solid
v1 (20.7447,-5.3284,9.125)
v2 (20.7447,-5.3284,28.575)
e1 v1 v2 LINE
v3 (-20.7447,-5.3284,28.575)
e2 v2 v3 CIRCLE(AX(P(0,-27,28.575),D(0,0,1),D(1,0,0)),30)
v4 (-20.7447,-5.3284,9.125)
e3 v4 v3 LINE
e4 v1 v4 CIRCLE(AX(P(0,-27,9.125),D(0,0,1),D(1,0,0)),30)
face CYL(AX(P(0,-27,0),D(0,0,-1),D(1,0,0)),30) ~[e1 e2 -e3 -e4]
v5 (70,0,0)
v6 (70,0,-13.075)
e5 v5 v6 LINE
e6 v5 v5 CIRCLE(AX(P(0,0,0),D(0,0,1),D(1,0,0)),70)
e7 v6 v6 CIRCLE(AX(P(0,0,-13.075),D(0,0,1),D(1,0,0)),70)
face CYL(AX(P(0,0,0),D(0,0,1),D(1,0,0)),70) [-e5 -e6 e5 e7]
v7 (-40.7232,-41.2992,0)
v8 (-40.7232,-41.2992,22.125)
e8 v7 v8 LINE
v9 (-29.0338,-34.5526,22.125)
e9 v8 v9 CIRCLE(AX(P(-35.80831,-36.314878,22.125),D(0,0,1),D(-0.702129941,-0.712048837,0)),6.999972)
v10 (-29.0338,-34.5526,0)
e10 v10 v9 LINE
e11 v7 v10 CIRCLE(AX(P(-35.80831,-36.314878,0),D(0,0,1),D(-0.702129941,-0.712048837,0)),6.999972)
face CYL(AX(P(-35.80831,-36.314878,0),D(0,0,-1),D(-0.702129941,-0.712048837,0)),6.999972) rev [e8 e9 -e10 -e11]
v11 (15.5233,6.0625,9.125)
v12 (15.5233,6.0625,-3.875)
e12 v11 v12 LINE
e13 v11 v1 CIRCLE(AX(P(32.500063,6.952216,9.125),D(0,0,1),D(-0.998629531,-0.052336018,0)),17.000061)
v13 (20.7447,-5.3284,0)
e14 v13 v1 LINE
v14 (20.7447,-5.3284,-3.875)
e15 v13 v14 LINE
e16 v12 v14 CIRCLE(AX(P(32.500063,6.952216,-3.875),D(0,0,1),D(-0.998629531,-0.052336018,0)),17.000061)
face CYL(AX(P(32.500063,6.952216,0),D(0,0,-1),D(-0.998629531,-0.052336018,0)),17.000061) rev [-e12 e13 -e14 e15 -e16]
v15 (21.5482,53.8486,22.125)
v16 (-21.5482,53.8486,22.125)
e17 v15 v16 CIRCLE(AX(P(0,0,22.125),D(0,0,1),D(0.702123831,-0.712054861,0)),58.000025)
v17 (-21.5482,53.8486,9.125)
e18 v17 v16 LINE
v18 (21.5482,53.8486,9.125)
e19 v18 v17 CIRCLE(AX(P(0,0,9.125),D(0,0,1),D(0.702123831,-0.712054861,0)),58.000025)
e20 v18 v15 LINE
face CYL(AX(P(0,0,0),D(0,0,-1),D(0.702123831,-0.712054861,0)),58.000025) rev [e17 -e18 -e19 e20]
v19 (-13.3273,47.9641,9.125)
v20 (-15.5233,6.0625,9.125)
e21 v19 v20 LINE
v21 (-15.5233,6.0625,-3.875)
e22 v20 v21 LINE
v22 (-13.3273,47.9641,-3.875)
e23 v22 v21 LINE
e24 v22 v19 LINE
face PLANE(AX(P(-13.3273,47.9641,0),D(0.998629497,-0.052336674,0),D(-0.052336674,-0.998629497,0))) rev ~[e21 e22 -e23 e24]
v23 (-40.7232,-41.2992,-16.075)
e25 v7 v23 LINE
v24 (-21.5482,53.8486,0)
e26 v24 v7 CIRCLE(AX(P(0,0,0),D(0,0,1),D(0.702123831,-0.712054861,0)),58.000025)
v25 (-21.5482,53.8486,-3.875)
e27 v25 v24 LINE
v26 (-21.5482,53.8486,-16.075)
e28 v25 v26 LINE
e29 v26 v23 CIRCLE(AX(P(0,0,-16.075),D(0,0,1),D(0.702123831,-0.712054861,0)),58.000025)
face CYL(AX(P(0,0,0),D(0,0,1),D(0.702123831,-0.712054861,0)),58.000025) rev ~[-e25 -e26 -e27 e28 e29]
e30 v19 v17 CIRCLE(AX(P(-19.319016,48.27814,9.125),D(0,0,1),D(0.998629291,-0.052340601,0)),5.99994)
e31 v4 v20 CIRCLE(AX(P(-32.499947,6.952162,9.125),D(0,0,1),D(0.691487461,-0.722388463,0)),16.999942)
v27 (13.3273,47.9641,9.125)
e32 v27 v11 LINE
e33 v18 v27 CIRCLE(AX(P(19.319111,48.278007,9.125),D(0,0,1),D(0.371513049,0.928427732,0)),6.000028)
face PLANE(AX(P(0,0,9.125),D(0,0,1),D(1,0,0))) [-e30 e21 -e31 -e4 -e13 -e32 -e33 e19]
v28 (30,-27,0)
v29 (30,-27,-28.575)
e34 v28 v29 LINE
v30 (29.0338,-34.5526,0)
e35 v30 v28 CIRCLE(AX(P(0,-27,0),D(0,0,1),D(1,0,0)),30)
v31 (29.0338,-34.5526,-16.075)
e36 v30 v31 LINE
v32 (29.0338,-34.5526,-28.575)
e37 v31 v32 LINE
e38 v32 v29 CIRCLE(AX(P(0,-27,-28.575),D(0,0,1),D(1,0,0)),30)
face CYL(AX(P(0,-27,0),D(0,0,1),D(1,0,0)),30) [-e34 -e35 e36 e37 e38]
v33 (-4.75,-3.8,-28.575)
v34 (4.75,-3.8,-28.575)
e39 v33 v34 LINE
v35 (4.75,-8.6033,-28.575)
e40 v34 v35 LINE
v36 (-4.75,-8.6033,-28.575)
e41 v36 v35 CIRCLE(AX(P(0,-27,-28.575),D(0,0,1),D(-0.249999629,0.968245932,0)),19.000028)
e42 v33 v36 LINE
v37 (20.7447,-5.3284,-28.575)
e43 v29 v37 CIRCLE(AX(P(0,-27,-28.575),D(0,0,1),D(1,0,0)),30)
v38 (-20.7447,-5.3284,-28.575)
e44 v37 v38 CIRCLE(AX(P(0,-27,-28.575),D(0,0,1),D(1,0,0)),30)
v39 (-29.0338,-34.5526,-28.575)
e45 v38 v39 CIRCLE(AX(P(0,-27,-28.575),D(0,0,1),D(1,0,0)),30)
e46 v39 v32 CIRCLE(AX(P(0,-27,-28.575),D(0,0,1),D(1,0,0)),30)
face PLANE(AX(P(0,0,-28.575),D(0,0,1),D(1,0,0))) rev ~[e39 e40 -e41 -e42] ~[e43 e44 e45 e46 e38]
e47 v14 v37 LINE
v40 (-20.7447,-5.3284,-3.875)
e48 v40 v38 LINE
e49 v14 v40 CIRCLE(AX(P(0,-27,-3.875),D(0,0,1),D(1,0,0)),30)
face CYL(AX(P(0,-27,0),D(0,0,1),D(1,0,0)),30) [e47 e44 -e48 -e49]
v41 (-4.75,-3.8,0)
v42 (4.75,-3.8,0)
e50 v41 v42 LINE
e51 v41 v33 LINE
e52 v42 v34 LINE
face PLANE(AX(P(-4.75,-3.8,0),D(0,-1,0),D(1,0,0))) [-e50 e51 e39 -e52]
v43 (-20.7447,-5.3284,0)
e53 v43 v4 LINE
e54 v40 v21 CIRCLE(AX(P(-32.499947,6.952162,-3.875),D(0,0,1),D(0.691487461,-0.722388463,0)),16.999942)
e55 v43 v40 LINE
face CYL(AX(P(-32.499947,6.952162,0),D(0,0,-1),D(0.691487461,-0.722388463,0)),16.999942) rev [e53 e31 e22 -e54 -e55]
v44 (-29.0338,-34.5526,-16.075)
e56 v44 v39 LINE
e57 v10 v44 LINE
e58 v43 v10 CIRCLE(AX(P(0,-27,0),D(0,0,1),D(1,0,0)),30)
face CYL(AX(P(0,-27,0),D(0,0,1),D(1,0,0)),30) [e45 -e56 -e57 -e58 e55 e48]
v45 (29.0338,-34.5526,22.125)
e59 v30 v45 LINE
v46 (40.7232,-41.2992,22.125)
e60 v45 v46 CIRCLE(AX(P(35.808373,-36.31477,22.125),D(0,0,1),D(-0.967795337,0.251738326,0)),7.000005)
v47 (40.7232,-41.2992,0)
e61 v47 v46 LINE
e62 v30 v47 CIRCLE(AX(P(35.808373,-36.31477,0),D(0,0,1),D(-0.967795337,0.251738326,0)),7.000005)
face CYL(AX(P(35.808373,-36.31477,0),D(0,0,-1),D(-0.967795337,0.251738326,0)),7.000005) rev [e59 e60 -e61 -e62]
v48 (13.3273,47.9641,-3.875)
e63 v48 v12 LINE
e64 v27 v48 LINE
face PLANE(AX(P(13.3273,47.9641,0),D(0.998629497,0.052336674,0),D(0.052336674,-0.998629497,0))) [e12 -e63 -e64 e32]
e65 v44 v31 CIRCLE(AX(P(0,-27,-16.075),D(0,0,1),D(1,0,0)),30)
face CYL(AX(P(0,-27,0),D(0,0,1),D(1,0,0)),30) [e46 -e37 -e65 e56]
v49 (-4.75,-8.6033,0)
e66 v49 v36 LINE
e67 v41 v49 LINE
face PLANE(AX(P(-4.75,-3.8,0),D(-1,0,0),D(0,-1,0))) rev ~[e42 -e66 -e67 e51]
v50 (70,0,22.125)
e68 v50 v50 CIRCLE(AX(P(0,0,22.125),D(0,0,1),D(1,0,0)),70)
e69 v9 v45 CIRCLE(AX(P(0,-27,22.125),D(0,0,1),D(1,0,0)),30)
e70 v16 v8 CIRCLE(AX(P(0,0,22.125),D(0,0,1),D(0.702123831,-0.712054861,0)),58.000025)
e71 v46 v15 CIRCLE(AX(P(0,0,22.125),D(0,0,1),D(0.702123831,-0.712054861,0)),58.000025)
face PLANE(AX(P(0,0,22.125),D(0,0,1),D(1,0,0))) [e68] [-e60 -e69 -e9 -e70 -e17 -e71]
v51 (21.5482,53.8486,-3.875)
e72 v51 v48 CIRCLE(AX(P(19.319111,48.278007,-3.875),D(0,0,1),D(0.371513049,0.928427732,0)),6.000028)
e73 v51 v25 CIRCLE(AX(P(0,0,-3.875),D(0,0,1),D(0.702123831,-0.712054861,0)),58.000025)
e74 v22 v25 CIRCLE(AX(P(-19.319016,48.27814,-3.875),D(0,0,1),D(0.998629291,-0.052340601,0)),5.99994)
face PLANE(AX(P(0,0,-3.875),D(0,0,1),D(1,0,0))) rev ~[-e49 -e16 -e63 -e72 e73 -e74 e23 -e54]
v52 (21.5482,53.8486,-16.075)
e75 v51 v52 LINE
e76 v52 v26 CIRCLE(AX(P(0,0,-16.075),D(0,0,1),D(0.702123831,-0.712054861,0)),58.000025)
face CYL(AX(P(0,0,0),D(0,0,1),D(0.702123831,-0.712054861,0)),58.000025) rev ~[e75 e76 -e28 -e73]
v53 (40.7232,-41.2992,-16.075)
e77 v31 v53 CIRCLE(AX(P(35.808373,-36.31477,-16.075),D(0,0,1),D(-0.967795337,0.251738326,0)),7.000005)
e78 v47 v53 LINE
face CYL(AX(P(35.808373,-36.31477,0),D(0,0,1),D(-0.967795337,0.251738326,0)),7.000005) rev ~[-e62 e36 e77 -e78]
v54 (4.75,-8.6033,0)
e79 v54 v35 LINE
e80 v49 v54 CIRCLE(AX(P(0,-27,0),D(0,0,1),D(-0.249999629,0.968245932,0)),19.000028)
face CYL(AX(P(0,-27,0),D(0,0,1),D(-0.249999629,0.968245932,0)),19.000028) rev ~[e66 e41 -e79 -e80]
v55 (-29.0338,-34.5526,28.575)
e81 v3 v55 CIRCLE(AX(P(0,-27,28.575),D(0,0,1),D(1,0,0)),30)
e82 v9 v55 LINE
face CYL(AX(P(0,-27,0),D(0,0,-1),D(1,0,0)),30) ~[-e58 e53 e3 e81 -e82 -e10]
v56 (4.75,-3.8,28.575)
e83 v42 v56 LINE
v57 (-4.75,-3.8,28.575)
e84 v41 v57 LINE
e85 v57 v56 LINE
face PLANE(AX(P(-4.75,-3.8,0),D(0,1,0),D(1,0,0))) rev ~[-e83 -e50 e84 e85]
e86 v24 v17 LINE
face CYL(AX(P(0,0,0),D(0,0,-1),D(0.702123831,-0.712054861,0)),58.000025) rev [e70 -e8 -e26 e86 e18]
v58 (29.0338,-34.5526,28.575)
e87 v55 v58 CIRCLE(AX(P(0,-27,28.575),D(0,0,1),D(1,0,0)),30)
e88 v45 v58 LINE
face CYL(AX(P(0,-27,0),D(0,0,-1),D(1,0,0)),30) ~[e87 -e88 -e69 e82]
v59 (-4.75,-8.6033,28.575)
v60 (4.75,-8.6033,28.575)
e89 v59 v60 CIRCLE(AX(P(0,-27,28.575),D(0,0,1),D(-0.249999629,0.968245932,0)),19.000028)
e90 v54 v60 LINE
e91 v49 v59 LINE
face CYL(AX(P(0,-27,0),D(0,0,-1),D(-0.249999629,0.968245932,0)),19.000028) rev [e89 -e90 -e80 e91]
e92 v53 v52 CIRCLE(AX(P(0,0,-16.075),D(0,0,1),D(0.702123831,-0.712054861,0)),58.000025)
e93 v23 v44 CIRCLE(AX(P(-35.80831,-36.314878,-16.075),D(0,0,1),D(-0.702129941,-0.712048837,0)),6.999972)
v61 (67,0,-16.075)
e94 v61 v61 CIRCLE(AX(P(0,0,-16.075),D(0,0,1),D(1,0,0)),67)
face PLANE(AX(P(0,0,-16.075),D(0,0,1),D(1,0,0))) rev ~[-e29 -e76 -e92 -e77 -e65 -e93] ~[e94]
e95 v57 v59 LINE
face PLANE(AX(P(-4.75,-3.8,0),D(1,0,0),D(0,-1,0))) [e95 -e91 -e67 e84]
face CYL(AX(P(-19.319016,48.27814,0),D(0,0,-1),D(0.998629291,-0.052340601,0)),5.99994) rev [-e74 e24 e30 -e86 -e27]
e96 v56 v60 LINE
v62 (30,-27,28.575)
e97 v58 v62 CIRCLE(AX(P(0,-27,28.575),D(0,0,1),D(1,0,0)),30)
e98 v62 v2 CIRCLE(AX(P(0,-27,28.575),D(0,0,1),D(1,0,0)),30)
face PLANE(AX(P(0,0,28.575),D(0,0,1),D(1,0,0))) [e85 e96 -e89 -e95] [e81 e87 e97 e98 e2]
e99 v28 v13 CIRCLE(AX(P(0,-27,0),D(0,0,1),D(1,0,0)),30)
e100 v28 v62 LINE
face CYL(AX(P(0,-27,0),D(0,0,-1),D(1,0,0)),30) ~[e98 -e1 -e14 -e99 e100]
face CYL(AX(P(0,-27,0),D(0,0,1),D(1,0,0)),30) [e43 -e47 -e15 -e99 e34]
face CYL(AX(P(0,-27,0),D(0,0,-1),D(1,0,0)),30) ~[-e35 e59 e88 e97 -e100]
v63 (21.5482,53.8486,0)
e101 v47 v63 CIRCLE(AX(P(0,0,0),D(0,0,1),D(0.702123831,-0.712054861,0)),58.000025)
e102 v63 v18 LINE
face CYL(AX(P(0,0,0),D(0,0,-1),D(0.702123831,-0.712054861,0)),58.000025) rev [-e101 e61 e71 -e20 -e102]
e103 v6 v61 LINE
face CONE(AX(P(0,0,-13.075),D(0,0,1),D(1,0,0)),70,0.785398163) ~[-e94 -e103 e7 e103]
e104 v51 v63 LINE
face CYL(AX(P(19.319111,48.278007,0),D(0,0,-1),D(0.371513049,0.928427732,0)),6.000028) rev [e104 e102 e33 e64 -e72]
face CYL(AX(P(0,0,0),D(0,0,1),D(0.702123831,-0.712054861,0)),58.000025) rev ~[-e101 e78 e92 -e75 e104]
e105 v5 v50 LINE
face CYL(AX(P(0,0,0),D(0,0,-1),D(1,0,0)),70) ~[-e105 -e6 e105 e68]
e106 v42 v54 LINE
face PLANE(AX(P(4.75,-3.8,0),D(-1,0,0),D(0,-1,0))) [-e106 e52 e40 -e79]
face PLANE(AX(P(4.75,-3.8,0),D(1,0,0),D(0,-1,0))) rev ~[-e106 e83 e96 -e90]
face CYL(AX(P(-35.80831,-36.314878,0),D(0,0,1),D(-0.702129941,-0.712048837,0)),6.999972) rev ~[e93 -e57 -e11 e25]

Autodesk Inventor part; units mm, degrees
ref_plane "YZ Plane" through (0, 0, 0) normal (1, 0, 0) x (0, 1, 0)
ref_plane "XY Plane" through (0, 0, 0) normal (0, 0, 1) x (1, 0, 0)
sketch "Sketch1" plane through (0, 0, 0) normal (0, 0, 1) x (1, 0, 0)
  circle A0 centre (0, 0) radius 70
  arc A1 (40.7232, -41.2992) -> (-40.7232, -41.2992) centre (0, 0) ccw
  arc A2 (-4.75, -8.6033) -> (4.75, -8.6033) centre (0, -27) ccw
  circle A3 centre (0, -27) radius 30
  arc A4 (29.0338, -34.5526) -> (40.7232, -41.2992) centre (35.8083, -36.3148) ccw
  arc A5 (-40.7232, -41.2992) -> (-29.0338, -34.5526) centre (-35.8083, -36.3148) ccw
  line L0 (0, -46) -> (0, -3.8) construction
  line L1 (-4.75, -3.8) -> (4.75, -3.8)
  line L2 (-4.75, -3.8) -> (-4.75, -8.6033)
  line L3 (4.75, -3.8) -> (4.75, -8.6033)
  line L4 (-19, 54.7996) -> (19, 54.7996) construction
  line L5 (-32.5, 20.2582) -> (32.5, 20.2582) construction
  line L6 (0, -98) -> (0, 98) construction
  arc A6 (15.5233, 6.0625) -> (20.7447, -5.3284) centre (32.5, 6.9522) ccw
  arc A7 (21.5482, 53.8486) -> (13.3273, 47.9641) centre (19.3191, 48.2781) ccw
  line L7 (13.3273, 47.9641) -> (15.5233, 6.0625)
  arc A8 (-13.3273, 47.9641) -> (-21.5482, 53.8486) centre (-19.3191, 48.2781) ccw
  arc A9 (-20.7447, -5.3284) -> (-15.5233, 6.0625) centre (-32.5, 6.9522) ccw
  line L8 (-13.3273, 47.9641) -> (-15.5233, 6.0625)
  point P0 (0, -3.8)
  point P1 (0, 20.2582)
  dimension "d0" = 70
  dimension "d1" = 58
  dimension "d2" = 19
  dimension "d3" = 30
  dimension "d4" = 27
  dimension "d5" = 42.2
  dimension "d6" = 9.5
  dimension "d7" = 38
  dimension "d8" = 65
  dimension "d13" = 7
  dimension "d14" = 7
  dimension "d15" = 3.8
  dimension "d16" = 17
  dimension "d17" = 6
  dimension "d18" = 3
  dimension "d19" = 6
  dimension "d20" = 17
  dimension "d21" = 3
extrude "Extrusion1" add sketch "Sketch1" along normal mid plane 57.15 contours A3
ref_plane "Work Plane1" through (0, 3, 0) normal (0, 1, 0) x (-1, 0, 0)
sketch "Sketch2" plane through (0, 3, 0) normal (0, 1, 0) x (-1, 0, 0)
  line L0 (30, -28.575) -> (-30, -28.575) projected
  line L1 (-30, 28.575) -> (30, 28.575) projected
  line L2 (0, 28.575) -> (0, 9.125)
  line L3 (0, -28.575) -> (0, -3.875)
  point P0 (0, 0)
  dimension "d25" = 19.45
  dimension "d26" = 24.7
  dimension "d27" = 3.875
  dimension "d28" = 9.125
extrude "Extrusion2" add sketch "Sketch1" along normal blind 9.125 and the other way blind 3.875 contours A7 L7 A6 A3 A9 L8 A8 A1
sketch "Sketch3" plane through (0, 3, 0) normal (0, 1, 0) x (-1, 0, 0)
  line L0 (20.7447, -3.875) -> (-20.7447, -3.875) projected
  line L1 (-20.7447, -3.875) -> (-20.7447, 9.125) projected
  line L2 (-20.7447, 9.125) -> (20.7447, 9.125) projected
  line L3 (20.7447, -3.875) -> (20.7447, 9.125) projected
  line L4 (30, -28.575) -> (-30, -28.575) projected
  line L5 (-30, 28.575) -> (30, 28.575) projected
  line L6 (0, 28.575) -> (0, 22.125)
  line L7 (0, -28.575) -> (0, -16.075)
  point P0 (0, 0)
  dimension "d33" = 6.45
  dimension "d34" = 12.5
  dimension "d35" = 22.125
  dimension "d36" = 16.075
extrude "Extrusion3" add sketch "Sketch1" along normal blind 22.125 and the other way blind 16.075 contours A0
chamfer "Chamfer1" distance 3 angle 45 1 edges at (-70, 0, -16.075)
properties part number "Piesa24_DonisanEnya"
